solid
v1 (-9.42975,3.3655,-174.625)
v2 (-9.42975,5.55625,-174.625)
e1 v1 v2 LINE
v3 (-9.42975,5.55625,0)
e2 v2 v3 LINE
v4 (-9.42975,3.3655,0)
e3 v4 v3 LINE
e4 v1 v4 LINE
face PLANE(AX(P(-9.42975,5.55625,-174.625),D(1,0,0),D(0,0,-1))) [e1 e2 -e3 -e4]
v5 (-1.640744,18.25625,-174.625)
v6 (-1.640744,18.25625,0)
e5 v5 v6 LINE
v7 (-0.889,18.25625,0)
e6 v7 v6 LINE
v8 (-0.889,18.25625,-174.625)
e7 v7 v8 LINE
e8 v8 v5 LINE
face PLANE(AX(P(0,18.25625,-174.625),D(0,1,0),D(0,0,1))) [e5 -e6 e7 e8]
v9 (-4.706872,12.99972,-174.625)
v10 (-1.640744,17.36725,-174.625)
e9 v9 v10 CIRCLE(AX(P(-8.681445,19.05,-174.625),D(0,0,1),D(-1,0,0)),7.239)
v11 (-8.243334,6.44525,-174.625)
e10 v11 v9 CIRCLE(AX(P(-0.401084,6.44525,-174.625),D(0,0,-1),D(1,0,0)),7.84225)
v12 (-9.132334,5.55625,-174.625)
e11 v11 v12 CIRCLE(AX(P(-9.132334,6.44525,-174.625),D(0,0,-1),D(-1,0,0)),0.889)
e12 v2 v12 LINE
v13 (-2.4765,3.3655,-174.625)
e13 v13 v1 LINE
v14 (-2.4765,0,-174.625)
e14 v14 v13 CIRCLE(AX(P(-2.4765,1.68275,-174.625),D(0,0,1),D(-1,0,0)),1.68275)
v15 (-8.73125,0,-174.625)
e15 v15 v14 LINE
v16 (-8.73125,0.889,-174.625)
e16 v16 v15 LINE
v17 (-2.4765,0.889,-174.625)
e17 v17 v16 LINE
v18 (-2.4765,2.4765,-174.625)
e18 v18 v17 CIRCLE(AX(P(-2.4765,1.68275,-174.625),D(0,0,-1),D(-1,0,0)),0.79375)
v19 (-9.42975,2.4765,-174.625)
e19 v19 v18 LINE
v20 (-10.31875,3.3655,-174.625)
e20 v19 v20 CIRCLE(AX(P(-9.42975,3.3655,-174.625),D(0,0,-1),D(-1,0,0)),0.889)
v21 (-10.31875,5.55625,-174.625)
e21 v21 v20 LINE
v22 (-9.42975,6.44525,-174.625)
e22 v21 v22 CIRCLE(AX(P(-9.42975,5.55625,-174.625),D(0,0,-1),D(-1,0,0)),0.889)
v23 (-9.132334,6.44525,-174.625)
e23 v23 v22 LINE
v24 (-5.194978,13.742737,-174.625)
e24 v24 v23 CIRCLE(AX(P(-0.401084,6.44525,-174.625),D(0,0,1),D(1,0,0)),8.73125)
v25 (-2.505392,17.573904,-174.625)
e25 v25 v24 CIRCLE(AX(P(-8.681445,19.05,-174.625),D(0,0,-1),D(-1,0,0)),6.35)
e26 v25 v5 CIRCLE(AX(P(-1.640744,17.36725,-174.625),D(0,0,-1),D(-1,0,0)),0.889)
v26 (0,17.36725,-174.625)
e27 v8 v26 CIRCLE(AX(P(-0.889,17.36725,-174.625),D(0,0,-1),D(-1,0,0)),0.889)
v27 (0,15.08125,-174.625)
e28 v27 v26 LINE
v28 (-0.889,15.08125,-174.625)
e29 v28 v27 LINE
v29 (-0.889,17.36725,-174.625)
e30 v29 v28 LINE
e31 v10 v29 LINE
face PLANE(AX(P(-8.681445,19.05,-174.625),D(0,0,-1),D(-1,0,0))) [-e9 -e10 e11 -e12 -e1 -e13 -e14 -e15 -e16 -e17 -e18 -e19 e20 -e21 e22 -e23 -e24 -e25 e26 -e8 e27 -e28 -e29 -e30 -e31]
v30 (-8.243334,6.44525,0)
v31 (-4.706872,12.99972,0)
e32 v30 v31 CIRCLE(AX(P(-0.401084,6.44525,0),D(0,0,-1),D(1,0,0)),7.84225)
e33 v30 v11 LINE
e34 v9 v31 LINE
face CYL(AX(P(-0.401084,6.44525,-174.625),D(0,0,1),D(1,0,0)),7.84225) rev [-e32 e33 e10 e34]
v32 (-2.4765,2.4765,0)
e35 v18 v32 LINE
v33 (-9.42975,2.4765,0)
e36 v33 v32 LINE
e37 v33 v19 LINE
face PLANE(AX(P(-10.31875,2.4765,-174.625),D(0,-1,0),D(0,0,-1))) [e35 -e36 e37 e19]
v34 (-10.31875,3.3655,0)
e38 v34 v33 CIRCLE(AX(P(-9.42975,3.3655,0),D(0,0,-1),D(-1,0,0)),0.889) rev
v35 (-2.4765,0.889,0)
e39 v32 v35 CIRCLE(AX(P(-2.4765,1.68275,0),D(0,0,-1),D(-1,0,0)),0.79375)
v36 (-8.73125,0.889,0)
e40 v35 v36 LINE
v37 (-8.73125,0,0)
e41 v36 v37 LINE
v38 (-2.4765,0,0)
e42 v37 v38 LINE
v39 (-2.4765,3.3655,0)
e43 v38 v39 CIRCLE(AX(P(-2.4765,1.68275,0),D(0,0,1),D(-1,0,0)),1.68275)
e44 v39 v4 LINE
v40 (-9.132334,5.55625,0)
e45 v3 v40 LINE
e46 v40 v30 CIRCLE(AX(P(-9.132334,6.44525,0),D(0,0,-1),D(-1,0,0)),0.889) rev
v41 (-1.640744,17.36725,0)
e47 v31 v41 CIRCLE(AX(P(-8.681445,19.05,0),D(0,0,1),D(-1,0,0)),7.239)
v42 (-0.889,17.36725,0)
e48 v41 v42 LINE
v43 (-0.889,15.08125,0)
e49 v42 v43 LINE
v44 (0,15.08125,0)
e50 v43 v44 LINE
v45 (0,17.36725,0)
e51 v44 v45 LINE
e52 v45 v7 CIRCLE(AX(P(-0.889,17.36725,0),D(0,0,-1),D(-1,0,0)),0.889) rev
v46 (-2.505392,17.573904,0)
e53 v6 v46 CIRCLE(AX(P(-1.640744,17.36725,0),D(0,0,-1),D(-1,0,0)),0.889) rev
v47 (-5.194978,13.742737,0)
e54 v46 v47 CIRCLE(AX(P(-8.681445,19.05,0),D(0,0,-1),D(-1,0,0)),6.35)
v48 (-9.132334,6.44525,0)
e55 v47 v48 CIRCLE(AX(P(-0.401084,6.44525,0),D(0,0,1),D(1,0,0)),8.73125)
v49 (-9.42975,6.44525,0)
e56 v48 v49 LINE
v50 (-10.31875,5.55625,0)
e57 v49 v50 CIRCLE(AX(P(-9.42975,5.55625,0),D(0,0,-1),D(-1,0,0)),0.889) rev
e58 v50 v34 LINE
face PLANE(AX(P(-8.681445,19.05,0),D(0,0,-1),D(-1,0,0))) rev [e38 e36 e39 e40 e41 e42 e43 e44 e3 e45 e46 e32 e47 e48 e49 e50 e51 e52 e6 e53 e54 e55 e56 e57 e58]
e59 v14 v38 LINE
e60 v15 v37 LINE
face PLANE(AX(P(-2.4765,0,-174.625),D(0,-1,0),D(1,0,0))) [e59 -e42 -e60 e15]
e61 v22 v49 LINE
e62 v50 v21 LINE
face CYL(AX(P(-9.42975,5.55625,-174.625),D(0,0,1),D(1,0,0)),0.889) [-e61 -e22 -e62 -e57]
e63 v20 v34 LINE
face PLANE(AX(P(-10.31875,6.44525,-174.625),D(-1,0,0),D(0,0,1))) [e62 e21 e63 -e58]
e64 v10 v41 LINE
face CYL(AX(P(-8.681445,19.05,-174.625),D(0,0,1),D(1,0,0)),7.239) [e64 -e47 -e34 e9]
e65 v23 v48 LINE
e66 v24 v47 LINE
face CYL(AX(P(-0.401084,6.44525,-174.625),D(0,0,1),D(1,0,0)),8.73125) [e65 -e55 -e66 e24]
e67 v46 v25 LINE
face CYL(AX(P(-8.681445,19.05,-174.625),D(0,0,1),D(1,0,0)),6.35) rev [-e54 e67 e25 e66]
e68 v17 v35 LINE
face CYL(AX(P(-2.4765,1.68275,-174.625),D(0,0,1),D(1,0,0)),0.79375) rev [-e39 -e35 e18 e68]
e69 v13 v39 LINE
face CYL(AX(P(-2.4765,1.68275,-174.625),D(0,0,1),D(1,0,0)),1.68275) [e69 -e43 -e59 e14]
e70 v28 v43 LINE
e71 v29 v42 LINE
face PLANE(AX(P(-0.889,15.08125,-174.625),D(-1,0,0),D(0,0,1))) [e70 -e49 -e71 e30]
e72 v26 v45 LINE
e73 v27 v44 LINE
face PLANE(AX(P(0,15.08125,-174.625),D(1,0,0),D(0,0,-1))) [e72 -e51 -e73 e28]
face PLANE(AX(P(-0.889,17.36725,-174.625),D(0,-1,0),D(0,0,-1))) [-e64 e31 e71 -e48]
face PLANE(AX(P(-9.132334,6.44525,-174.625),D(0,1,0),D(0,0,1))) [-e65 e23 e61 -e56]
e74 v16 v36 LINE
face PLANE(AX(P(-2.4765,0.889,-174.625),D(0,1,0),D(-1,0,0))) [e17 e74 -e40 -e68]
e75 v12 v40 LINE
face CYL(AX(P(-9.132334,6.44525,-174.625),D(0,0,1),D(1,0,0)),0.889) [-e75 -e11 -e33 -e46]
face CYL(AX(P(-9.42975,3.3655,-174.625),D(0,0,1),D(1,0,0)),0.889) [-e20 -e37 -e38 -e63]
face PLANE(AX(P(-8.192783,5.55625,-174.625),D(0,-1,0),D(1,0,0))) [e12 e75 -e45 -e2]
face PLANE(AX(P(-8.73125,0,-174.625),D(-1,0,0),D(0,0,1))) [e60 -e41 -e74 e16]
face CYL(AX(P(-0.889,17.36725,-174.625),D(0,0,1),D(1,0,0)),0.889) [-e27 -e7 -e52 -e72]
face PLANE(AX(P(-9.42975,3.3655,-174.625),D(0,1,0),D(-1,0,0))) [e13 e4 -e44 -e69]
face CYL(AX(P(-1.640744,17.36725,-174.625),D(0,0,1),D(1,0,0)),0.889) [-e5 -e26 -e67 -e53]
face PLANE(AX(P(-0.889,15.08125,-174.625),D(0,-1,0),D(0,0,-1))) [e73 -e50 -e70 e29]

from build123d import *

# Parameters (mm, degrees)
BOSS_EXTRUDE1_DEPTH = 174.625
FILLET1_R           = 0.889


with BuildPart() as part:
    # Sketch1 → Boss-Extrude1 (new body)
    with BuildSketch(Plane.XY):
        with BuildLine():
            Line((-0.889, 15.08125), (-0.889, 17.36725))
            Line((-0.889, 17.36725), (-1.640744106, 17.36725))
            ThreePointArc((-1.640744106, 17.36725), (-2.756675468, 14.890646285), (-4.706872009, 12.99972))
            ThreePointArc((-4.706872009, 12.99972), (-7.503098361, 9.771250732), (-8.192782673, 5.55625))
            Line((-8.192782673, 5.55625), (-9.42975, 5.55625))
            Line((-9.42975, 5.55625), (-9.42975, 3.3655))
            Line((-9.42975, 3.3655), (-2.4765, 3.3655))
            ThreePointArc((-2.4765, 3.3655), (-0.79375, 1.68275), (-2.4765, 0))
            Line((-2.4765, 0), (-8.73125, 0))
            Line((-8.73125, 0), (-8.73125, 0.889))
            Line((-8.73125, 0.889), (-2.4765, 0.889))
            ThreePointArc((-2.4765, 0.889), (-1.68275, 1.68275), (-2.4765, 2.4765))
            Line((-2.4765, 2.4765), (-10.31875, 2.4765))
            Line((-10.31875, 2.4765), (-10.31875, 6.44525))
            Line((-10.31875, 6.44525), (-9.132334267, 6.44525))
            ThreePointArc((-9.132334267, 6.44525), (-8.085204479, 10.59121468), (-5.194977502, 13.742736842))
            ThreePointArc((-5.194977502, 13.742736842), (-3.292786478, 15.690706026), (-2.38125, 18.25625))
            Line((-2.38125, 18.25625), (0, 18.25625))
            Line((0, 18.25625), (0, 15.08125))
            Line((0, 15.08125), (-0.889, 15.08125))
        make_face()
    extrude(amount=-BOSS_EXTRUDE1_DEPTH)

    # Fillet1
    fillet1_edges = [part.edges().sort_by_distance(p)[0] for p in [
        (-8.192782673, 5.55625, -87.3125),
        (-10.31875, 2.4765, -87.3125),
        (-10.31875, 6.44525, -87.3125),
        (-2.38125, 18.25625, -87.3125),
        (0, 18.25625, -87.3125),
    ]]
    fillet(fillet1_edges, radius=FILLET1_R)


solid = part.part
